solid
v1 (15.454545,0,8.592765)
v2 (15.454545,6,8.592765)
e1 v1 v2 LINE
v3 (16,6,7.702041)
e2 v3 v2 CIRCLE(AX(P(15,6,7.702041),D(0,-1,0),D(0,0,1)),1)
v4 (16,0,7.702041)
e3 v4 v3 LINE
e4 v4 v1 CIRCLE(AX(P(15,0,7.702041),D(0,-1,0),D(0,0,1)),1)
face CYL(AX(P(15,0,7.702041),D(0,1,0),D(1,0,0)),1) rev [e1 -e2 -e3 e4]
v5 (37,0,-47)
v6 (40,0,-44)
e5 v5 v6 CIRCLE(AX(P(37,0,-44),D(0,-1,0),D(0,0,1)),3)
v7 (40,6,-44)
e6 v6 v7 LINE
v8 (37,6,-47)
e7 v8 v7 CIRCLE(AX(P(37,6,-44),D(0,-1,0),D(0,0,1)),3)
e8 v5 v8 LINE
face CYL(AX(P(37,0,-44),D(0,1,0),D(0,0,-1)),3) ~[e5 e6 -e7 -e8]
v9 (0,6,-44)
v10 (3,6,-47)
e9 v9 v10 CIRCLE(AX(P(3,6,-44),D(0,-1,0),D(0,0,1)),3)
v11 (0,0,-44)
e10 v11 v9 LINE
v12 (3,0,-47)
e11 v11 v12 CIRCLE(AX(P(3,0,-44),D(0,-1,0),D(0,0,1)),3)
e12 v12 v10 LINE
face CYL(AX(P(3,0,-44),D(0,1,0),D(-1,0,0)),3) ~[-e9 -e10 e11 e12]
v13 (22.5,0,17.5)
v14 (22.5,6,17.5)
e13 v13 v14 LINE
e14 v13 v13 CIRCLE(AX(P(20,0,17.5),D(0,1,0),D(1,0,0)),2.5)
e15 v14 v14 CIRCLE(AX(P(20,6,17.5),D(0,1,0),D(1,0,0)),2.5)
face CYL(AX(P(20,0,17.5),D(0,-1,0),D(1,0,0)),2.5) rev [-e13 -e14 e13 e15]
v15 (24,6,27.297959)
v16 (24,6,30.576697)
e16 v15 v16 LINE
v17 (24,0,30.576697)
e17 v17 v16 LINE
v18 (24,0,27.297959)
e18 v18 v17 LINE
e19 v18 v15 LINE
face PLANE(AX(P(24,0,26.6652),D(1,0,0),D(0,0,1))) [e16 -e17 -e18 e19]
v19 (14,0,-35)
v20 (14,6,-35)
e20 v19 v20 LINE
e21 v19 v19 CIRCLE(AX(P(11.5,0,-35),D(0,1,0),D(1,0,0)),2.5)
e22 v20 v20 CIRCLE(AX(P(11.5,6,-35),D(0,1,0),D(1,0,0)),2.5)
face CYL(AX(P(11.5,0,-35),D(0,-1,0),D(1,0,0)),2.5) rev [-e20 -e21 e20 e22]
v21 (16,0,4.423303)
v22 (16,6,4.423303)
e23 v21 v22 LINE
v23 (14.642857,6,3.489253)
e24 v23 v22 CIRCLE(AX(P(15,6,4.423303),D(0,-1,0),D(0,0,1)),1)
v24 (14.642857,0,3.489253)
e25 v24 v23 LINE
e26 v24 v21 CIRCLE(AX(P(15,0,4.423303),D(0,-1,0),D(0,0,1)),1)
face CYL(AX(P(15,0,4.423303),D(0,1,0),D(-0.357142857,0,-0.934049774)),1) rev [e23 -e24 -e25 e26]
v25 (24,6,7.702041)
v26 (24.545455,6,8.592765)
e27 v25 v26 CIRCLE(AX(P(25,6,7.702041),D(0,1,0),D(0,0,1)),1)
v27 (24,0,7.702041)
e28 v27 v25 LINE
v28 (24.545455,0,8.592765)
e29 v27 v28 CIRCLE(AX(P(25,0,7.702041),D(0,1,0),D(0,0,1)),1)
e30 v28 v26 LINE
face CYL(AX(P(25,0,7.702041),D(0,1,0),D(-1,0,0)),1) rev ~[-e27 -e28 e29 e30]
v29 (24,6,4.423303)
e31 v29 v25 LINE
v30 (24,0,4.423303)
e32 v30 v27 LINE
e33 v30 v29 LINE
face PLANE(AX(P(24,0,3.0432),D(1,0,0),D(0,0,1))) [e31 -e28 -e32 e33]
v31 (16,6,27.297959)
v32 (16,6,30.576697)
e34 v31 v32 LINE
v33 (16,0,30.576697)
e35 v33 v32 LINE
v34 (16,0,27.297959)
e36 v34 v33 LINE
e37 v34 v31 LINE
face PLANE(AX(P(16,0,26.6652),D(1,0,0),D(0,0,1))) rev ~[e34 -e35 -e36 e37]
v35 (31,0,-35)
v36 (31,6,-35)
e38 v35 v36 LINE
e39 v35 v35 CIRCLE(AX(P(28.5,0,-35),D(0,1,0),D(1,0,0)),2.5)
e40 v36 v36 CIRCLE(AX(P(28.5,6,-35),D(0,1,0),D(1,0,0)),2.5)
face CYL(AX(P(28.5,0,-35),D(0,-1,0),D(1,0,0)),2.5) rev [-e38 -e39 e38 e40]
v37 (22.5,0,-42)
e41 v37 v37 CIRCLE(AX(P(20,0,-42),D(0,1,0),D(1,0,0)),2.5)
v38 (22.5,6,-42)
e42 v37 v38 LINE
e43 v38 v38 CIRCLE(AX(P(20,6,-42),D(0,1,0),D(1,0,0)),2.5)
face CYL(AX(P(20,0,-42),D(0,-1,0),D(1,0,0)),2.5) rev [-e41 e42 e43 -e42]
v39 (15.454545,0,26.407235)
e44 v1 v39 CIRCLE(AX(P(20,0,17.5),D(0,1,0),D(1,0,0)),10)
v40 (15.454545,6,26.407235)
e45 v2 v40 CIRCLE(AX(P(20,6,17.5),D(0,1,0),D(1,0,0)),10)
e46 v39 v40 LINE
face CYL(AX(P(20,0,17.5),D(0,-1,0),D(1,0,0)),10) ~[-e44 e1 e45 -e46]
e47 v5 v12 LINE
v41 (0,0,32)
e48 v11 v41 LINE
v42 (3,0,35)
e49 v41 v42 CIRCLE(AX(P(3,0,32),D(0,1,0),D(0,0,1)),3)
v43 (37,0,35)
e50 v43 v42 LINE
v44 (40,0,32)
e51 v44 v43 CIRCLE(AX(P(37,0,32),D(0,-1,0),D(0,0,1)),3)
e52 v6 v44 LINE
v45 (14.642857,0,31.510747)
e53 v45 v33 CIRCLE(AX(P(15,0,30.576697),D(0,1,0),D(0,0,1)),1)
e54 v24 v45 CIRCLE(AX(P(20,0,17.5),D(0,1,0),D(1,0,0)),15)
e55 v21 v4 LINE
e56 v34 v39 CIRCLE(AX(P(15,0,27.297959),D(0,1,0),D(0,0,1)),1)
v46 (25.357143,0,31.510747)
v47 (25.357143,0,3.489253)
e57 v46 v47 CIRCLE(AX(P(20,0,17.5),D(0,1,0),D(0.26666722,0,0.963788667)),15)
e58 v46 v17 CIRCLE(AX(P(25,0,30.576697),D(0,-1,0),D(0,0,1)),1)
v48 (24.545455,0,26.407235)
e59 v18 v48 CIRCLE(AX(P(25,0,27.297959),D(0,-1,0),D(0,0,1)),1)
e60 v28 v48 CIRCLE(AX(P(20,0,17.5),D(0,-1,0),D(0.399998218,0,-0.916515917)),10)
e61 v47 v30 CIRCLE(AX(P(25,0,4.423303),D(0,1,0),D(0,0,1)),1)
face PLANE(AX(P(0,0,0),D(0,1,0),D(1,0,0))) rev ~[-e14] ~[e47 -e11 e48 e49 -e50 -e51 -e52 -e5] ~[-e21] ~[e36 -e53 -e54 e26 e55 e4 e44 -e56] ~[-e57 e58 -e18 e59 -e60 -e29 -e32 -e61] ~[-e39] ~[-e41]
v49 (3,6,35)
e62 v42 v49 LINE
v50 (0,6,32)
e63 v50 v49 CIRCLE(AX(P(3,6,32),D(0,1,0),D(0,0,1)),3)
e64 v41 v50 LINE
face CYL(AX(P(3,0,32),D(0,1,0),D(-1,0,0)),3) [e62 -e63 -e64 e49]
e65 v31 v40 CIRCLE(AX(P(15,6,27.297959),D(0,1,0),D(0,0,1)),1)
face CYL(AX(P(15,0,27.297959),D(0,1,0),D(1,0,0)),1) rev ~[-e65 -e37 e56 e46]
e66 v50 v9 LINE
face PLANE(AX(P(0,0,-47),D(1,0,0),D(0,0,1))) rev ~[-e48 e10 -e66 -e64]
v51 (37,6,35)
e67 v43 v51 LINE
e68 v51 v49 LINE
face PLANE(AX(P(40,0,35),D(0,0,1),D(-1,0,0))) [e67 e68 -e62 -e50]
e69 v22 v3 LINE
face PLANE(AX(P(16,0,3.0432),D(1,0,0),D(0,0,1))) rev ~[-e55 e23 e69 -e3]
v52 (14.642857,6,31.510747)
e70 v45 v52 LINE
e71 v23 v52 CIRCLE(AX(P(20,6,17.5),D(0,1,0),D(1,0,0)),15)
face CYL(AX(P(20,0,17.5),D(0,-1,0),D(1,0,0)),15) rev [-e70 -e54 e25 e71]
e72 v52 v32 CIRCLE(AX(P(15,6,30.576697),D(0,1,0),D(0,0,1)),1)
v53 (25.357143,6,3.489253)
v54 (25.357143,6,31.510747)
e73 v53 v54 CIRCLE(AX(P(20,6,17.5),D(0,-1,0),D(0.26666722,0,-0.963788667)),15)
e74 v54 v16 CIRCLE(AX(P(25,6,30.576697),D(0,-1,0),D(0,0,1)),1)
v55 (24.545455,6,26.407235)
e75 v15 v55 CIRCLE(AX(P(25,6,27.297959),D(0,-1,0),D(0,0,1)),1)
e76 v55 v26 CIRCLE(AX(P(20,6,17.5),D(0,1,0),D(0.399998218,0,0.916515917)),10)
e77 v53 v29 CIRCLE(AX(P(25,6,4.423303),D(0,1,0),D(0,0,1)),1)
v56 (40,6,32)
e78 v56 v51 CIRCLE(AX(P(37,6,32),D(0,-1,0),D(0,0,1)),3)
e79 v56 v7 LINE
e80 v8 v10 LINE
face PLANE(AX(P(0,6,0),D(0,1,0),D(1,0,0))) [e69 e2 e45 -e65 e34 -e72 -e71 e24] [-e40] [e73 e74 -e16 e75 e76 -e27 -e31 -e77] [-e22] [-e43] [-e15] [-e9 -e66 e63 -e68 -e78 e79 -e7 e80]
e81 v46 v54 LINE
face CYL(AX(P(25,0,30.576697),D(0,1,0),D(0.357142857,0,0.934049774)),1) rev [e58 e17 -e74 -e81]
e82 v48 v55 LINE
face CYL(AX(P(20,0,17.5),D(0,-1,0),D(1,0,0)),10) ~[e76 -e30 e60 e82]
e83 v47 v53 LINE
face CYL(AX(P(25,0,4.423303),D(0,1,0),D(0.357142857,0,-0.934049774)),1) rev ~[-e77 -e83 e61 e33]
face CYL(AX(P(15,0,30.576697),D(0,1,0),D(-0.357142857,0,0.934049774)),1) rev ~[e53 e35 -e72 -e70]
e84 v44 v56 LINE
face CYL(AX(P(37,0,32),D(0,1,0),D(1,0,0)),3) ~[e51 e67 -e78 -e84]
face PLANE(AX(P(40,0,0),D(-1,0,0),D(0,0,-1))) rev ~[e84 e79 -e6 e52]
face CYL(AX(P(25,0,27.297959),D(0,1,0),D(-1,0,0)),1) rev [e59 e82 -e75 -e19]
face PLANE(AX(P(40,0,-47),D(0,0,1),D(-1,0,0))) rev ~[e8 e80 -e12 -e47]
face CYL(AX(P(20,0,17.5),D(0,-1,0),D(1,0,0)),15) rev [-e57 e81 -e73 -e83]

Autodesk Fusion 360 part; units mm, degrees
sketch "Skizze1" plane through (0, 0, 0) normal (0, 1, 0) x (1, 0, 0)
  line L0 (0, 0) -> (40, 0)
  line L1 (40, 0) -> (40, 47)
  line L2 (40, 47) -> (0, 47)
  line L3 (0, 47) -> (0, 0)
  circle A0 centre (20, 42) radius 2.5
  circle A1 centre (28.5, 35) radius 2.5
  circle A2 centre (11.5, 35) radius 2.5
  line L4 (0, 0) -> (40, 0)
  line L5 (40, 0) -> (40, -35)
  line L6 (40, -35) -> (0, -35)
  line L7 (0, -35) -> (0, 0)
  circle A3 centre (20, -17.5) radius 15
  circle A4 centre (20, -17.5) radius 10
  line L8 (16, -3.0432) -> (16, -8.3348)
  line L9 (24, -3.0432) -> (24, -8.3348)
  line L10 (16, -26.6652) -> (16, -31.9568)
  line L11 (24, -26.6652) -> (24, -31.9568)
  circle A5 centre (20, -17.5) radius 2.5
  dimension "d1" = 40
  dimension "d2" = 47
  dimension "d3" = 5
  dimension "d4" = 5
  dimension "d5" = 5
  dimension "d6" = 5
  dimension "d7" = 20
  dimension "d8" = 17
  dimension "d9" = 11.5
  dimension "d11" = 7
  dimension "d12" = 30
  dimension "d13" = 20
  dimension "d14" = 17.5
  dimension "d15" = 35
  dimension "d16" = 8
  dimension "d17" = 4
  dimension "d18" = 8
  dimension "d19" = 4
  dimension "d28" = 5
extrude "Extrusion1" add sketch "Skizze1" along normal blind 6 contours L0 L1 L2 L3 L4 | L0 L4 L5 L6 L7 | A3 A4 L8 L9 | A3 A4 L10 L11 | A4
fillet "Abrundung1" radius 1 4 edges at (24, 3, 3.0432) (24, 3, 26.6652) (24, 3, 8.3348) (24, 3, 31.9568)
fillet "Abrundung1" radius 1 4 edges at (16, 3, 31.9568) (16, 3, 8.3348) (16, 3, 26.6652) (16, 3, 3.0432)
fillet "Abrundung1" radius 3 4 edges at (0, 3, 35) (40, 3, 35) (40, 3, -47) (0, 3, -47)
sketch "Skizze2" plane through (0, 6, 0) normal (0, 1, 0) x (-1, 0, 0)
  arc A0 (-3, -47) -> (0, -44) centre (-3, -44) ccw
  line L0 (0, -44) -> (0, 32)
  arc A1 (0, 32) -> (-3, 35) centre (-3, 32) ccw
  line L1 (-3, 35) -> (-37, 35)
  arc A2 (-37, 35) -> (-40, 32) centre (-37, 32) ccw
  line L2 (-40, 32) -> (-40, -44)
  arc A3 (-40, -44) -> (-37, -47) centre (-37, -44) ccw
  line L3 (-37, -47) -> (-3, -47)
  circle A4 centre (-11.5, -35) radius 2.5
  circle A5 centre (-28.5, -35) radius 2.5
  circle A6 centre (-20, 17.5) radius 2.5
  arc A7 (-14.6429, 3.4893) -> (-14.6429, 31.5107) centre (-20, 17.5) ccw
  arc A8 (-16, 4.4233) -> (-14.6429, 3.4893) centre (-15, 4.4233) ccw
  line L4 (-16, 4.4233) -> (-16, 7.702)
  arc A9 (-15.4545, 8.5928) -> (-16, 7.702) centre (-15, 7.702) ccw
  arc A10 (-15.4545, 8.5928) -> (-15.4545, 26.4072) centre (-20, 17.5) ccw
  arc A11 (-16, 27.298) -> (-15.4545, 26.4072) centre (-15, 27.298) ccw
  line L5 (-16, 27.298) -> (-16, 30.5767)
  arc A12 (-14.6429, 31.5107) -> (-16, 30.5767) centre (-15, 30.5767) ccw
  circle A13 centre (-20, -42) radius 2.5
  line L6 (-24, 30.5767) -> (-24, 27.298)
  arc A14 (-24.5455, 26.4072) -> (-24, 27.298) centre (-25, 27.298) ccw
  arc A15 (-24.5455, 26.4072) -> (-24.5455, 8.5928) centre (-20, 17.5) ccw
  arc A16 (-24, 7.702) -> (-24.5455, 8.5928) centre (-25, 7.702) ccw
  line L7 (-24, 7.702) -> (-24, 4.4233)
  arc A17 (-25.3571, 3.4893) -> (-24, 4.4233) centre (-25, 4.4233) ccw
  arc A18 (-25.3571, 31.5107) -> (-25.3571, 3.4893) centre (-20, 17.5) ccw
  arc A19 (-24, 30.5767) -> (-25.3571, 31.5107) centre (-25, 30.5767) ccw
